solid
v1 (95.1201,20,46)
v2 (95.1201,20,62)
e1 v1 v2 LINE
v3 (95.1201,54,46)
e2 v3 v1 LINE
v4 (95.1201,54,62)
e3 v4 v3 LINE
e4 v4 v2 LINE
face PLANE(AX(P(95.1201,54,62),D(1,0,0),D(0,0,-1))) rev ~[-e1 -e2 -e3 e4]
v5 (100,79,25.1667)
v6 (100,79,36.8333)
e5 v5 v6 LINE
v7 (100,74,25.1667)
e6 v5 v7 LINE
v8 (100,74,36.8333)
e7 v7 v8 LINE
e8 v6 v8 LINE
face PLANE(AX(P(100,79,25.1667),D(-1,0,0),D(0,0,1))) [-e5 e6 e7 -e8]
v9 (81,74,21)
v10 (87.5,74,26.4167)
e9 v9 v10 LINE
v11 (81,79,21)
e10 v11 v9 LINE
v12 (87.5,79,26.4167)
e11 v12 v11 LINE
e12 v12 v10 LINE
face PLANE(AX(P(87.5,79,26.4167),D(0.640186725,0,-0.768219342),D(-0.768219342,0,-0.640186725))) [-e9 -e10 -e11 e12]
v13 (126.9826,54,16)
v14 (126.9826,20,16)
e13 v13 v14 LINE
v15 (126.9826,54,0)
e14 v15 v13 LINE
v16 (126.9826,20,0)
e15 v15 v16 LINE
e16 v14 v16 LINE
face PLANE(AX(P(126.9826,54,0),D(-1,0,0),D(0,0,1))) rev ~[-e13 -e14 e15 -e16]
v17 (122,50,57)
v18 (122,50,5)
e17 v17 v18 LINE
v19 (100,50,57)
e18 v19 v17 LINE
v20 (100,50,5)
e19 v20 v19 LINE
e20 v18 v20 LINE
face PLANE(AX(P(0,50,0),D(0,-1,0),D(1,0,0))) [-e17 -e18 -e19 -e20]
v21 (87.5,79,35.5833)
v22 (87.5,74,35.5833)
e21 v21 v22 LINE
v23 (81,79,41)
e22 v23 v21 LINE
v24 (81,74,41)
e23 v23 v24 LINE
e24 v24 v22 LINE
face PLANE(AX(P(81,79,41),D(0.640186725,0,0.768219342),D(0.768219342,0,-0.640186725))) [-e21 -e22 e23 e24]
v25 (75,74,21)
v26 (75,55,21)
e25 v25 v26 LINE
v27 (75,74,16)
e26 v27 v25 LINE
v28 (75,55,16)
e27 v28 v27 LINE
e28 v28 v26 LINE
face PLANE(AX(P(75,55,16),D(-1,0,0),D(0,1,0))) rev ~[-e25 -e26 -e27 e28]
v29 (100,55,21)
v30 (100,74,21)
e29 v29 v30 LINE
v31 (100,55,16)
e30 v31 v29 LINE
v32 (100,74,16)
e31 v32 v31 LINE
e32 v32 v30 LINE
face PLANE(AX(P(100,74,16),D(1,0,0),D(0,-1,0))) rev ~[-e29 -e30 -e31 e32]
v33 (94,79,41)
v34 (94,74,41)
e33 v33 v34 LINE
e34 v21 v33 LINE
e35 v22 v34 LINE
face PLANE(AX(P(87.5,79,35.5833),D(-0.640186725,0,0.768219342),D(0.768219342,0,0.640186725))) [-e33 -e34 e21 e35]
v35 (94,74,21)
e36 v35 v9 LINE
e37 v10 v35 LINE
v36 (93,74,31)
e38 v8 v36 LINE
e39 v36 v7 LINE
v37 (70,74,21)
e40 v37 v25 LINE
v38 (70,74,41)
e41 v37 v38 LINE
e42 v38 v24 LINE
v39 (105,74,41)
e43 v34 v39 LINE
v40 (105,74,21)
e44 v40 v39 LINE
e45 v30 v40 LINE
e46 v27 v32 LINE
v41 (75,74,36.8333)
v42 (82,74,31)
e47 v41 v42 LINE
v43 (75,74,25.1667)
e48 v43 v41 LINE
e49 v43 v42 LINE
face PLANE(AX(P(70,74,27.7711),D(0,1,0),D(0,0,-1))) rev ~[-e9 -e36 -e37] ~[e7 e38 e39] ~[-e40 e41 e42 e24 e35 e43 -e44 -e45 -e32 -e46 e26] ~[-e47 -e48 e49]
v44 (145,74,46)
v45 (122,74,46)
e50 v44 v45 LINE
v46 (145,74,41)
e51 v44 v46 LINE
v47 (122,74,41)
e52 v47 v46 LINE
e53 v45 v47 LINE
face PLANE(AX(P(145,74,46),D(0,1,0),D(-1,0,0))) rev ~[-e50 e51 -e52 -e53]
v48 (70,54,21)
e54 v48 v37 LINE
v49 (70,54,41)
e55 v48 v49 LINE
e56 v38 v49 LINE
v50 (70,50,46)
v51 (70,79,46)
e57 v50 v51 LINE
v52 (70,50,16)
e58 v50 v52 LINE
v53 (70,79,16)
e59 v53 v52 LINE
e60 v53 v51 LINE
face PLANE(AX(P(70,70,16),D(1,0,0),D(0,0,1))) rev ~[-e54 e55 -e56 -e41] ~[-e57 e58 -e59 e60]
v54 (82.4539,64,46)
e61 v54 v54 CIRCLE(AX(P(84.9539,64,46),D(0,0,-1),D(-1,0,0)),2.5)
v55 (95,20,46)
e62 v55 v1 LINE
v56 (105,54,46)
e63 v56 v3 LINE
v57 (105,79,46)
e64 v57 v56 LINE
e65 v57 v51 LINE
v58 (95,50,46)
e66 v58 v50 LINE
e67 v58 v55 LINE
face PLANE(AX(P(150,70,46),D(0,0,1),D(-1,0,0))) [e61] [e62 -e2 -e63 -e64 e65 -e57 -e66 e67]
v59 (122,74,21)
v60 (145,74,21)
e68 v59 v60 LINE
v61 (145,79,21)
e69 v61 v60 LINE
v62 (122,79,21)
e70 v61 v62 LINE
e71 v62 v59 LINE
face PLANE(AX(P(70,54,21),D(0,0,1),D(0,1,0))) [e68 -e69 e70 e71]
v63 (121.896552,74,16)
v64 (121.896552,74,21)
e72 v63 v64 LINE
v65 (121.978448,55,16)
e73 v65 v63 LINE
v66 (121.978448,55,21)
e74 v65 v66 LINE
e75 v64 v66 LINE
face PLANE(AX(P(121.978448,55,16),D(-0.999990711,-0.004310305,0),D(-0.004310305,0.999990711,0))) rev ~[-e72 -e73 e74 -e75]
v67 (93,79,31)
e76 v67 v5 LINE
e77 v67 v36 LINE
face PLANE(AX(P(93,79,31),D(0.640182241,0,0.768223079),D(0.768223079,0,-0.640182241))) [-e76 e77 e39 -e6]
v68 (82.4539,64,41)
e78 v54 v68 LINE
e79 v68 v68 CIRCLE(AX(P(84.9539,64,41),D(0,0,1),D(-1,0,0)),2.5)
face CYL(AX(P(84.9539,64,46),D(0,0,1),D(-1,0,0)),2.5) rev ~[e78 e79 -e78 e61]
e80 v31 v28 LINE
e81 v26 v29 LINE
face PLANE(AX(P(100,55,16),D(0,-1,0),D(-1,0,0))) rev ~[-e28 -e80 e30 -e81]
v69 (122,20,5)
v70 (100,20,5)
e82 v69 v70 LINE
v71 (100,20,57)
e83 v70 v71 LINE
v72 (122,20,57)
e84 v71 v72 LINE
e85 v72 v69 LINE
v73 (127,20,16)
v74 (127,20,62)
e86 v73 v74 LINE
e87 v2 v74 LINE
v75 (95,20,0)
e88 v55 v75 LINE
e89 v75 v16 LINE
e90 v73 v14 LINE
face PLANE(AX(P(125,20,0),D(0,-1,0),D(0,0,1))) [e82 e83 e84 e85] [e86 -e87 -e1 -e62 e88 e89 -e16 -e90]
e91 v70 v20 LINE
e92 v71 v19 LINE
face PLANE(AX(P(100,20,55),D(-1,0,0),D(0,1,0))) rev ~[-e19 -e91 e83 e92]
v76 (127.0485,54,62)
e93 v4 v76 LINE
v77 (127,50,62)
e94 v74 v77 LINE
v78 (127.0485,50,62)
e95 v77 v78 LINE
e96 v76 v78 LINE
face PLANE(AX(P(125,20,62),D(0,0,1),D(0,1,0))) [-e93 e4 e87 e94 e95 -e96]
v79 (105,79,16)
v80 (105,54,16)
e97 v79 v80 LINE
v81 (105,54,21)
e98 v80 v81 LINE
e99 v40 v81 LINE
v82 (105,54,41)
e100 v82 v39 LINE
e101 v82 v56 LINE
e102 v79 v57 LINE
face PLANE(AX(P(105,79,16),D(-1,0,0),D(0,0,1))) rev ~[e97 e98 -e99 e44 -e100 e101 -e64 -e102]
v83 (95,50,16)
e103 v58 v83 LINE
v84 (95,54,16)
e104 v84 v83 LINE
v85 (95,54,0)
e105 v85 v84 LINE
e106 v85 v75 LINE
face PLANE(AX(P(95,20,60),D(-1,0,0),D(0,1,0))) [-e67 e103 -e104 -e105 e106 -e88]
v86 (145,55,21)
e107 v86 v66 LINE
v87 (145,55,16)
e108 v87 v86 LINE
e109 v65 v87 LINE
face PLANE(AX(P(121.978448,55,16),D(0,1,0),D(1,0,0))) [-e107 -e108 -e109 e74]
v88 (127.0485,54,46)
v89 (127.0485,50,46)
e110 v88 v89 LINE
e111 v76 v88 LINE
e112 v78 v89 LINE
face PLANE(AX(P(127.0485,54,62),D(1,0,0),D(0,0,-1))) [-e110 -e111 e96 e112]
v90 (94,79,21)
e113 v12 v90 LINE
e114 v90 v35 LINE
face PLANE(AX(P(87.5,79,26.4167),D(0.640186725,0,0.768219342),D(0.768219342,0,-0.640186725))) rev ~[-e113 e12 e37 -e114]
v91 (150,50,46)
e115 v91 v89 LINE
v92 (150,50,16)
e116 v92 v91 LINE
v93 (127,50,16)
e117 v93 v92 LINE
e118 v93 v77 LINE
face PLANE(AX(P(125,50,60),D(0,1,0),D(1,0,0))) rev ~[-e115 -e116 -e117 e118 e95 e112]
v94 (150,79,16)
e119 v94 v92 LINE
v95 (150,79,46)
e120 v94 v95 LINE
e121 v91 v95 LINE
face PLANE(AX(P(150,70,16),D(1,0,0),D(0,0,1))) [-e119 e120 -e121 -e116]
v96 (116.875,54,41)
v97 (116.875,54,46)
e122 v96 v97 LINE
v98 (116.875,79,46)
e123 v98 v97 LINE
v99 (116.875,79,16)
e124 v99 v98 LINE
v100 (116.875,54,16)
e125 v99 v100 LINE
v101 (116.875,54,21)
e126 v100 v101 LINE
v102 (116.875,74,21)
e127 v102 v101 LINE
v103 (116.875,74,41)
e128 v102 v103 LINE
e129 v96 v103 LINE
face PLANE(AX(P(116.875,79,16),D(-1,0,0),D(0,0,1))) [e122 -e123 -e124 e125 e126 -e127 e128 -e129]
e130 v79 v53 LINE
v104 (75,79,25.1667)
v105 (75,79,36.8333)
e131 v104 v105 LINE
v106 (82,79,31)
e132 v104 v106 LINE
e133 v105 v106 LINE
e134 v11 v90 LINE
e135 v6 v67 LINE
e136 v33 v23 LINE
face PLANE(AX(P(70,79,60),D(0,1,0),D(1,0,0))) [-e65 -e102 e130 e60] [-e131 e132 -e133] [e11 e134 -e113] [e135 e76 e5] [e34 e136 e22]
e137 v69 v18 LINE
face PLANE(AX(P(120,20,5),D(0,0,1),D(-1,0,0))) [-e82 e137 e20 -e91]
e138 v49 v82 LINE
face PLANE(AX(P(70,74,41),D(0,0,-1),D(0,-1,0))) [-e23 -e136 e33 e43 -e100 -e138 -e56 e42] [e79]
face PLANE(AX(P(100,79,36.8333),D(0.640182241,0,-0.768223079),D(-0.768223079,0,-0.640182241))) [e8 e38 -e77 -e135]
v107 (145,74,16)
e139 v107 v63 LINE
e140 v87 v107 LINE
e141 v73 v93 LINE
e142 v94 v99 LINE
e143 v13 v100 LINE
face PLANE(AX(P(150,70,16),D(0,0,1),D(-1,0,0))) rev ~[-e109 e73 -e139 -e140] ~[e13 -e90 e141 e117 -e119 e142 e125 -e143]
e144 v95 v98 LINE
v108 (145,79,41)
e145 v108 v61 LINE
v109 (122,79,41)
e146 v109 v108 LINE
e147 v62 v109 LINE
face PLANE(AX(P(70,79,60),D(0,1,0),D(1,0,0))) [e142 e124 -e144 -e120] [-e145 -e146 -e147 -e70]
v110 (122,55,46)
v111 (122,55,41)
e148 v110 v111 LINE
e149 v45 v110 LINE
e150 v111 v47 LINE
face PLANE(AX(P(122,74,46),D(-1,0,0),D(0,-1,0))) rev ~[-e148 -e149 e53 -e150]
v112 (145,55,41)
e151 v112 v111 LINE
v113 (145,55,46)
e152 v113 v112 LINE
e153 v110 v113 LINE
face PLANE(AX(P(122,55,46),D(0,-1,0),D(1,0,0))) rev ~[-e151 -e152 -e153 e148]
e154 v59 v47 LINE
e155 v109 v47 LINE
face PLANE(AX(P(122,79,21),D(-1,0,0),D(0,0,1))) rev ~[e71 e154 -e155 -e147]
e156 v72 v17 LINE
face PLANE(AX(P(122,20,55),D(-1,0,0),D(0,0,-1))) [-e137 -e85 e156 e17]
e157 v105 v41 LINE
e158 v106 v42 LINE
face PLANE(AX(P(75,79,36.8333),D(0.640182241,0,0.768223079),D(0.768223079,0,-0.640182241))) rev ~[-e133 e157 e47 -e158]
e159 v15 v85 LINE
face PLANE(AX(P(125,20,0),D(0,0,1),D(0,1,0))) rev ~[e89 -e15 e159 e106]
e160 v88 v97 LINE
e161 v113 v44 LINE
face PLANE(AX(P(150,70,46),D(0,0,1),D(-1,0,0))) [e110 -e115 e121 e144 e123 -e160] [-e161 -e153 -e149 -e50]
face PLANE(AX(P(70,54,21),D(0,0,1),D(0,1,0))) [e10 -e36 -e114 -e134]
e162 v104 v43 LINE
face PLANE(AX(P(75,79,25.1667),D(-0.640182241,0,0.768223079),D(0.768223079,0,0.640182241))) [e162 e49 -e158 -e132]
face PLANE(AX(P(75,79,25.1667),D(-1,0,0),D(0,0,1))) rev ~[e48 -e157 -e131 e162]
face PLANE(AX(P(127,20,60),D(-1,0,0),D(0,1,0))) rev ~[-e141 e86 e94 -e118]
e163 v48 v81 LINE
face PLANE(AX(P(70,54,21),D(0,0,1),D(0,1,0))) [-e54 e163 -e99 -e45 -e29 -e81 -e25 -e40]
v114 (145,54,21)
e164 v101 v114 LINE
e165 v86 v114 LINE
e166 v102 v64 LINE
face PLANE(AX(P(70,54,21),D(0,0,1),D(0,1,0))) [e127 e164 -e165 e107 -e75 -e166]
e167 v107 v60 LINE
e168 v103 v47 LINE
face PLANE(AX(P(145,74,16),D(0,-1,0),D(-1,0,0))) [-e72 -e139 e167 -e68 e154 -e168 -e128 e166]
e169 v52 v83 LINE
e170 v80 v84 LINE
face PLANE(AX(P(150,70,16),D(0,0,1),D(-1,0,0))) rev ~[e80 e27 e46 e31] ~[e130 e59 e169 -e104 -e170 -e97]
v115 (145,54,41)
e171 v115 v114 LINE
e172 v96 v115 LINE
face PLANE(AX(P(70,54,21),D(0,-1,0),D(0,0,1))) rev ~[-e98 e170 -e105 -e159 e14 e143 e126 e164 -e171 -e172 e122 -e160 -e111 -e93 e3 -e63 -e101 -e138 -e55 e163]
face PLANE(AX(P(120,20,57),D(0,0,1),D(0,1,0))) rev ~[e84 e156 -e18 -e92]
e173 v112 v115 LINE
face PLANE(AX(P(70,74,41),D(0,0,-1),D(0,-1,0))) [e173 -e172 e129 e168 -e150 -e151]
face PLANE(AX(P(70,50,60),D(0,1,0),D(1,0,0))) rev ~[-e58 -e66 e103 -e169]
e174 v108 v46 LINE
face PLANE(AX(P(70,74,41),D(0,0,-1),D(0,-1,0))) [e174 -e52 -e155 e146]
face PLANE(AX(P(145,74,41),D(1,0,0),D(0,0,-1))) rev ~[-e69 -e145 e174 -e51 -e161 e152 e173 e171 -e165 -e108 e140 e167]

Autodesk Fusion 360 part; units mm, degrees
sketch "Sketch1" plane through (0, 0, 0) normal (0, 0, 1) x (1, 0, 0)
  line L0 (100, 50) -> (100, 20)
  line L1 (100, 50) -> (150, 50)
  line L2 (120, 20) -> (100, 20)
  line L3 (70, 50) -> (70, 70)
  line L4 (70, 70) -> (150, 70)
  line L5 (100, 50) -> (120, 50)
  line L6 (120, 50) -> (120, 20)
  line L7 (150, 50) -> (150, 70)
  line L8 (150, 50) -> (100, 50)
  line L9 (70, 50) -> (150, 50)
  line L10 (120, 50) -> (150, 50)
  line L11 (100, 50) -> (70, 50)
  line L12 (120, 50) -> (125, 50)
  line L13 (125, 20) -> (125, 50)
  line L14 (125, 20) -> (120, 20)
  line L15 (100, 20) -> (95, 20)
  line L16 (95, 20) -> (95, 50)
  dimension "d1" = 30
  dimension "d2" = 50
  dimension "d3" = 20
extrude "Extrude1" add sketch "Sketch1" along normal blind 60
sketch "Sketch2" plane through (0, 20, 0) normal (0, -1, 0) x (1, 0, 0)
  line L0 (95, 0) -> (125, 0)
  line L1 (125, 0) -> (125, 60)
  line L2 (125, 60) -> (95, 60)
  line L3 (95, 60) -> (95, 0)
  line L4 (95, 0) -> (100, 0)
  line L5 (100, 0) -> (100, 55)
  line L6 (100, 55) -> (120, 55)
  line L7 (120, 55) -> (120, 5)
  line L8 (120, 5) -> (100, 5)
  line L9 (-15, -85) -> (-10, -80)
  dimension "d6" = 5
extrude "Extrude2" add 1 faces at (105, 63.3333, 60) along direction (0, 0, 1) blind 2
extrude "Extrude3" cut sketch "Sketch2" against normal blind 30 contours L5 L6 L7 L8
extrude "Extrude4" cut 1 faces at (106.6667, 30, 55) along direction (0, 0, 1) blind 2
extrude "Extrude5" add 1 faces at (125, 40, 41.3333) along direction (1, 0, 0) blind 2
extrude "Extrude6" cut 1 faces at (120, 30, 39.6667) along direction (1, 0, 0) blind 2
sketch "Sketch3" plane through (0, 70, 0) normal (0, 1, 0) x (-1, 0, 0)
  line L0 (-150, 0) -> (-70, 0)
  line L1 (-70, 0) -> (-70, 62)
  line L2 (-70, 62) -> (-150, 62)
  line L3 (-150, 62) -> (-150, 0)
  line L4 (-70, 31) -> (-150, 31)
  line L5 (-150, 31) -> (-150, 16)
  line L6 (-150, 31) -> (-150, 46)
  line L7 (-150, 16) -> (-70, 16)
  line L8 (-150, 46) -> (-70, 46)
  dimension "d17" = 15
  dimension "d18" = 15
extrude "Extrude7" cut sketch "Sketch3" against normal blind 16 contours L0 L1 L3 L7 | L1 L2 L3 L8
sketch "Sketch4" plane through (0, 0, 0) normal (0, 0, -1) x (1, 0, 0)
  line L0 (70, -54) -> (150, -54)
  line L1 (150, -54) -> (150, -50)
  line L2 (150, -50) -> (127, -50)
  line L3 (127, -50) -> (127, -20)
  line L4 (127, -20) -> (95, -20)
  line L5 (95, -20) -> (95, -50)
  line L6 (95, -50) -> (70, -50)
  line L7 (70, -50) -> (70, -54)
  line L8 (127, -50) -> (127, -54)
  line L9 (95, -50) -> (95, -54)
sketch "Sketch5" plane through (0, 54, 0) normal (0, 1, 0) x (-1, 0, 0)
  line L0 (-150, 0) -> (-70, 0)
  line L1 (-70, 0) -> (-70, 16)
  line L2 (-70, 16) -> (-150, 16)
  line L3 (-150, 16) -> (-150, 0)
  line L4 (-95, 0) -> (-95, 16)
  line L5 (-126.9826, 0) -> (-126.9826, 16)
extrude "Extrude8" cut sketch "Sketch5" against normal blind 50 contours L0 L2 L3 L5 | L0 L1 L2 L4
sketch "Sketch6" plane through (0, 0, 62) normal (0, 0, 1) x (-1, 0, 0)
  line L0 (-150, -54) -> (-70, -54)
  line L1 (-70, -54) -> (-70, -50)
  line L2 (-70, -50) -> (-95, -50)
  line L3 (-95, -50) -> (-95, -20)
  line L4 (-95, -20) -> (-127, -20)
  line L5 (-127, -20) -> (-127, -50)
  line L6 (-127, -50) -> (-150, -50)
  line L7 (-150, -50) -> (-150, -54)
  line L8 (-127, -50) -> (-127, -54)
  line L9 (-127, -54) -> (-95, -50)
  line L10 (-95, -54) -> (-95, -50)
sketch "Sketch7" plane through (0, 54, 0) normal (0, 1, 0) x (-1, 0, 0)
  line L0 (-150, 46) -> (-70, 46)
  line L1 (-70, 46) -> (-70, 62)
  line L2 (-70, 62) -> (-150, 62)
  line L3 (-150, 62) -> (-150, 46)
  line L4 (-95.1201, 62) -> (-95.1201, 46)
  line L5 (-127.0485, 62) -> (-127.0485, 46)
extrude "Extrude9" cut sketch "Sketch7" against normal blind 50 contours L0 L2 L3 L5 | L0 L1 L2 L4
sketch "Sketch8" plane through (0, 0, 0) normal (0, 0, -1) x (1, 0, 0)
extrude "Extrude10" add 1 faces at (96.6667, 70, 36) along direction (0, 1, 0) blind 9
sketch "Sketch9" plane through (0, 0, 62) normal (0, 0, 1) x (1, 0, 0)
sketch "Sketch10" plane through (70, 0, 0) normal (-1, 0, 0) x (0, -1, 0)
  line L0 (-50, 46) -> (-79, 46)
  line L1 (-79, 46) -> (-79, 16)
  line L2 (-79, 16) -> (-50, 16)
  line L3 (-50, 16) -> (-50, 46)
  line L4 (-74, 27.7711) -> (-74, 16)
  line L5 (-74, 27.7711) -> (-74, 46)
  line L6 (-74, 46) -> (-54, 46)
  line L7 (-54, 16) -> (-54, 46)
  line L8 (-54, 16) -> (-54, 21)
  line L9 (-54, 21) -> (-74, 21)
  line L10 (-74, 21) -> (-74, 41)
  line L11 (-74, 41) -> (-54, 41)
  dimension "d28" = 20
  dimension "d29" = 5
  dimension "d30" = 20
extrude "Extrude11" cut sketch "Sketch10" against normal blind 500 contours L4 L5 L7 L9 L10 L11
sketch "Sketch11" plane through (0, 0, 0) normal (0, 1, 0) x (1, 0, 0)
sketch "Sketch12" plane through (0, 79, 0) normal (0, 1, 0) x (-1, 0, 0)
  line L0 (-150, 16) -> (-70, 16)
  line L1 (-70, 16) -> (-70, 46)
  line L2 (-70, 46) -> (-150, 46)
  line L3 (-150, 46) -> (-150, 16)
  line L4 (-94.9405, 16) -> (-94.9405, 46)
  line L5 (-126.875, 16) -> (-126.875, 46)
  line L6 (-94.9405, 16) -> (-99.9405, 16)
  line L7 (-126.875, 16) -> (-121.875, 16)
  line L8 (-99.9405, 16) -> (-105, 16)
  line L9 (-121.875, 16) -> (-116.875, 16)
  line L10 (-105, 16) -> (-105, 46)
  line L11 (-116.875, 16) -> (-116.875, 46)
  dimension "d33" = 5
  dimension "d34" = 5
  dimension "d35" = 5
extrude "Extrude12" cut sketch "Sketch12" against normal blind 25 contours L0 L2 L10 L11
sketch "Sketch13" plane through (0, 79, 0) normal (0, 1, 0) x (-1, 0, 0)
  line L0 (-105, 46) -> (-105, 16)
  line L1 (-105, 16) -> (-70, 16)
  line L2 (-70, 16) -> (-70, 46)
  line L3 (-70, 46) -> (-105, 46)
  line L4 (-70, 16) -> (-75, 16)
  line L5 (-70, 16) -> (-70, 21)
  line L6 (-105, 46) -> (-105, 41)
  line L7 (-105, 46) -> (-100, 46)
  line L8 (-105, 16) -> (-105, 17)
  line L9 (-105, 16) -> (-105, 21)
  line L10 (-105, 16) -> (-100, 16)
  line L11 (-70, 46) -> (-75, 46)
  line L12 (-70, 46) -> (-70, 41)
  line L13 (-94, 41) -> (-81, 41)
  line L14 (-75, 25.1667) -> (-75, 36.8333)
  line L15 (-100, 25.1667) -> (-100, 36.8333)
  line L16 (-81, 21) -> (-94, 21)
  line L17 (-75, 36.8333) -> (-82, 31)
  line L18 (-87.5, 26.4167) -> (-94, 21)
  line L19 (-81, 41) -> (-87.5, 35.5833)
  line L20 (-93, 31) -> (-100, 25.1667)
  line L21 (-100, 36.8333) -> (-93, 31)
  line L22 (-87.5, 26.4167) -> (-81, 21)
  line L23 (-75, 25.1667) -> (-82, 31)
  line L24 (-87.5, 35.5833) -> (-94, 41)
  dimension "d38" = 5
  dimension "d39" = 5
  dimension "d40" = 5
  dimension "d41" = 5
  dimension "d42" = 5
  dimension "d43" = 5
  dimension "d44" = 5
extrude "Extrude13" cut sketch "Sketch13" against normal blind 5 contours L13 L19 L24 | L14 L17 L23 | L15 L20 L21 | L16 L18 L22
sketch "Sketch14" plane through (0, 79, 0) normal (0, 1, 0) x (-1, 0, 0)
  line L0 (-116.875, 16) -> (-116.875, 46)
  line L1 (-116.875, 46) -> (-150, 46)
  line L2 (-150, 46) -> (-150, 16)
  line L3 (-150, 16) -> (-116.875, 16)
sketch "Sketch15" plane through (0, 0, 46) normal (0, 0, 1) x (-1, 0, 0)
  line L0 (-105, -54) -> (-105, -79)
  line L1 (-105, -79) -> (-70, -79)
  line L2 (-70, -79) -> (-70, -50)
  line L3 (-70, -50) -> (-95, -50)
  line L4 (-95, -50) -> (-95, -20)
  line L5 (-95, -20) -> (-95.1201, -20)
  line L6 (-95.1201, -20) -> (-95.1201, -54)
  line L7 (-95.1201, -54) -> (-105, -54)
  line L8 (-84.9539, -79) -> (-84.9539, -74)
  line L9 (-84.9539, -74) -> (-84.9539, -64)
  circle A0 centre (-84.9539, -64) radius 2.5
  dimension "d47" = 5
  dimension "d48" = 10
  dimension "d49" = 5
extrude "Extrude14" cut sketch "Sketch15" against normal blind 10 contours A0
sketch "Sketch16" plane through (0, 79, 0) normal (0, 1, 0) x (-1, 0, 0)
  line L0 (-81, 21) -> (-94, 21)
  line L1 (-94, 21) -> (-87.5, 26.4167)
  line L2 (-87.5, 26.4167) -> (-81, 21)
  line L3 (-75, 25.1667) -> (-82, 31)
  line L4 (-82, 31) -> (-75, 36.8333)
  line L5 (-75, 36.8333) -> (-75, 25.1667)
  line L6 (-93, 31) -> (-100, 25.1667)
  line L7 (-100, 25.1667) -> (-100, 36.8333)
  line L8 (-100, 36.8333) -> (-93, 31)
  line L9 (-94, 41) -> (-81, 41)
  line L10 (-81, 41) -> (-87.5, 35.5833)
  line L11 (-87.5, 35.5833) -> (-94, 41)
  line L12 (-105, 46) -> (-105, 16)
  line L13 (-105, 16) -> (-70, 16)
  line L14 (-70, 16) -> (-70, 46)
  line L15 (-70, 46) -> (-105, 46)
  line L16 (-117, 16) -> (-122, 16)
  line L17 (-117, 16) -> (-117, 21)
  line L18 (-117, 46) -> (-122, 46)
  line L19 (-117, 46) -> (-117, 41)
  line L20 (-150, 46) -> (-145, 46)
  line L21 (-150, 46) -> (-150, 41)
  line L22 (-150, 16) -> (-145, 16)
  line L23 (-150, 16) -> (-150, 21)
  line L24 (-150, 21) -> (-117, 21)
  line L25 (-122, 16) -> (-122, 46)
  line L26 (-117, 41) -> (-150, 41)
  line L27 (-145, 46) -> (-145, 16)
  dimension "d52" = 5
  dimension "d53" = 5
  dimension "d54" = 5
  dimension "d55" = 5
  dimension "d56" = 5
  dimension "d57" = 5
  dimension "d58" = 5
  dimension "d59" = 5
extrude "Extrude15" cut sketch "Sketch16" against normal blind 6 contours L24 L25 L26 L27
sketch "Sketch17" plane through (0, 0, 46) normal (0, 0, 1) x (-1, 0, 0)
  circle A0 centre (-84.9539, -64) radius 2.5
  line L0 (-105, -54) -> (-105, -79)
  line L1 (-105, -79) -> (-70, -79)
  line L2 (-70, -79) -> (-70, -50)
  line L3 (-70, -50) -> (-95, -50)
  line L4 (-95, -50) -> (-95, -20)
  line L5 (-95, -20) -> (-95.1201, -20)
  line L6 (-95.1201, -20) -> (-95.1201, -54)
  line L7 (-95.1201, -54) -> (-105, -54)
  line L8 (-117, -79) -> (-122, -79)
  line L9 (-117, -79) -> (-117, -74)
  line L10 (-150, -79) -> (-150, -74)
  line L11 (-150, -79) -> (-145, -79)
  line L12 (-150, -50) -> (-150, -55)
  line L13 (-150, -50) -> (-145, -50)
  line L14 (-145, -50) -> (-117, -50)
  line L15 (-117, -50) -> (-117, -55)
  line L16 (-117, -55) -> (-117, -50)
  line L17 (-117, -50) -> (-122, -50)
  line L18 (-122, -79) -> (-122, -50)
  line L19 (-117, -55) -> (-150, -55)
  line L20 (-145, -50) -> (-145, -79)
  line L21 (-150, -74) -> (-117, -74)
  dimension "d62" = 5
  dimension "d63" = 5
  dimension "d64" = 5
  dimension "d65" = 5
  dimension "d66" = 5
extrude "Extrude16" cut sketch "Sketch17" against normal blind 6 contours L18 L19 L20 L21
sketch "Sketch18" plane through (0, 0, 16) normal (0, 0, -1) x (1, 0, 0)
  line L0 (116.875, -54) -> (116.875, -79)
  line L1 (116.875, -79) -> (150, -79)
  line L2 (150, -79) -> (150, -50)
  line L3 (150, -50) -> (127, -50)
  line L4 (127, -50) -> (127, -20)
  line L5 (127, -20) -> (126.9826, -20)
  line L6 (126.9826, -20) -> (126.9826, -54)
  line L7 (126.9826, -54) -> (116.875, -54)
  line L8 (150, -79) -> (145, -79)
  line L9 (150, -79) -> (150, -75)
  line L10 (150, -50) -> (145, -50)
  line L11 (150, -50) -> (150, -55)
  line L12 (116.875, -79) -> (116.875, -74)
  line L13 (116.875, -79) -> (121.875, -79)
  line L14 (127, -50) -> (117, -50)
  line L15 (117, -50) -> (117, -58)
  line L16 (117, -58) -> (117, -50)
  line L17 (117, -50) -> (117, -55)
  line L18 (117, -50) -> (122, -50)
  line L19 (122, -50) -> (121.875, -79)
  line L20 (117, -55) -> (150, -55)
  line L21 (145, -50) -> (145, -79)
  line L22 (150, -75) -> (150, -74)
  line L23 (150, -74) -> (116.875, -74)
  dimension "d69" = 5
  dimension "d70" = 5
  dimension "d71" = 5
  dimension "d72" = 5
  dimension "d73" = 5
  dimension "d74" = 5
  dimension "d75" = 5
  dimension "d76" = 1
extrude "Extrude17" cut sketch "Sketch18" against normal blind 6 contours L19 L20 L21 L23
sketch "Sketch19" plane through (0, 0, 16) normal (0, 0, -1) x (1, 0, 0)
  line L0 (105, -79) -> (105, -54)
  line L1 (105, -54) -> (95, -54)
  line L2 (95, -54) -> (95, -50)
  line L3 (95, -50) -> (70, -50)
  line L4 (70, -50) -> (70, -79)
  line L5 (70, -79) -> (105, -79)
  line L6 (105, -79) -> (100, -79)
  line L7 (105, -79) -> (105, -74)
  line L8 (70, -79) -> (70, -74)
  line L9 (70, -79) -> (75, -79)
  line L10 (70, -50) -> (70, -55)
  line L11 (70, -50) -> (75, -50)
  line L12 (105, -54) -> (105, -50)
  line L13 (105, -50) -> (105, -55)
  line L14 (105, -50) -> (100, -50)
  line L15 (100, -50) -> (105, -50)
  line L16 (100, -79) -> (100, -50)
  line L17 (105, -55) -> (70, -55)
  line L18 (75, -50) -> (75, -79)
  line L19 (70, -74) -> (105, -74)
  dimension "d79" = 5
  dimension "d80" = 5
  dimension "d81" = 5
  dimension "d82" = 5
  dimension "d83" = 5
  dimension "d84" = 5
  dimension "d85" = 5
  dimension "d86" = 5
extrude "Extrude18" cut sketch "Sketch19" against normal blind 6 contours L16 L17 L18 L19
extrude "Extrude19" add 1 faces at (146.6667, 74, 34.3333) along direction (0, -1, 0) blind 20
